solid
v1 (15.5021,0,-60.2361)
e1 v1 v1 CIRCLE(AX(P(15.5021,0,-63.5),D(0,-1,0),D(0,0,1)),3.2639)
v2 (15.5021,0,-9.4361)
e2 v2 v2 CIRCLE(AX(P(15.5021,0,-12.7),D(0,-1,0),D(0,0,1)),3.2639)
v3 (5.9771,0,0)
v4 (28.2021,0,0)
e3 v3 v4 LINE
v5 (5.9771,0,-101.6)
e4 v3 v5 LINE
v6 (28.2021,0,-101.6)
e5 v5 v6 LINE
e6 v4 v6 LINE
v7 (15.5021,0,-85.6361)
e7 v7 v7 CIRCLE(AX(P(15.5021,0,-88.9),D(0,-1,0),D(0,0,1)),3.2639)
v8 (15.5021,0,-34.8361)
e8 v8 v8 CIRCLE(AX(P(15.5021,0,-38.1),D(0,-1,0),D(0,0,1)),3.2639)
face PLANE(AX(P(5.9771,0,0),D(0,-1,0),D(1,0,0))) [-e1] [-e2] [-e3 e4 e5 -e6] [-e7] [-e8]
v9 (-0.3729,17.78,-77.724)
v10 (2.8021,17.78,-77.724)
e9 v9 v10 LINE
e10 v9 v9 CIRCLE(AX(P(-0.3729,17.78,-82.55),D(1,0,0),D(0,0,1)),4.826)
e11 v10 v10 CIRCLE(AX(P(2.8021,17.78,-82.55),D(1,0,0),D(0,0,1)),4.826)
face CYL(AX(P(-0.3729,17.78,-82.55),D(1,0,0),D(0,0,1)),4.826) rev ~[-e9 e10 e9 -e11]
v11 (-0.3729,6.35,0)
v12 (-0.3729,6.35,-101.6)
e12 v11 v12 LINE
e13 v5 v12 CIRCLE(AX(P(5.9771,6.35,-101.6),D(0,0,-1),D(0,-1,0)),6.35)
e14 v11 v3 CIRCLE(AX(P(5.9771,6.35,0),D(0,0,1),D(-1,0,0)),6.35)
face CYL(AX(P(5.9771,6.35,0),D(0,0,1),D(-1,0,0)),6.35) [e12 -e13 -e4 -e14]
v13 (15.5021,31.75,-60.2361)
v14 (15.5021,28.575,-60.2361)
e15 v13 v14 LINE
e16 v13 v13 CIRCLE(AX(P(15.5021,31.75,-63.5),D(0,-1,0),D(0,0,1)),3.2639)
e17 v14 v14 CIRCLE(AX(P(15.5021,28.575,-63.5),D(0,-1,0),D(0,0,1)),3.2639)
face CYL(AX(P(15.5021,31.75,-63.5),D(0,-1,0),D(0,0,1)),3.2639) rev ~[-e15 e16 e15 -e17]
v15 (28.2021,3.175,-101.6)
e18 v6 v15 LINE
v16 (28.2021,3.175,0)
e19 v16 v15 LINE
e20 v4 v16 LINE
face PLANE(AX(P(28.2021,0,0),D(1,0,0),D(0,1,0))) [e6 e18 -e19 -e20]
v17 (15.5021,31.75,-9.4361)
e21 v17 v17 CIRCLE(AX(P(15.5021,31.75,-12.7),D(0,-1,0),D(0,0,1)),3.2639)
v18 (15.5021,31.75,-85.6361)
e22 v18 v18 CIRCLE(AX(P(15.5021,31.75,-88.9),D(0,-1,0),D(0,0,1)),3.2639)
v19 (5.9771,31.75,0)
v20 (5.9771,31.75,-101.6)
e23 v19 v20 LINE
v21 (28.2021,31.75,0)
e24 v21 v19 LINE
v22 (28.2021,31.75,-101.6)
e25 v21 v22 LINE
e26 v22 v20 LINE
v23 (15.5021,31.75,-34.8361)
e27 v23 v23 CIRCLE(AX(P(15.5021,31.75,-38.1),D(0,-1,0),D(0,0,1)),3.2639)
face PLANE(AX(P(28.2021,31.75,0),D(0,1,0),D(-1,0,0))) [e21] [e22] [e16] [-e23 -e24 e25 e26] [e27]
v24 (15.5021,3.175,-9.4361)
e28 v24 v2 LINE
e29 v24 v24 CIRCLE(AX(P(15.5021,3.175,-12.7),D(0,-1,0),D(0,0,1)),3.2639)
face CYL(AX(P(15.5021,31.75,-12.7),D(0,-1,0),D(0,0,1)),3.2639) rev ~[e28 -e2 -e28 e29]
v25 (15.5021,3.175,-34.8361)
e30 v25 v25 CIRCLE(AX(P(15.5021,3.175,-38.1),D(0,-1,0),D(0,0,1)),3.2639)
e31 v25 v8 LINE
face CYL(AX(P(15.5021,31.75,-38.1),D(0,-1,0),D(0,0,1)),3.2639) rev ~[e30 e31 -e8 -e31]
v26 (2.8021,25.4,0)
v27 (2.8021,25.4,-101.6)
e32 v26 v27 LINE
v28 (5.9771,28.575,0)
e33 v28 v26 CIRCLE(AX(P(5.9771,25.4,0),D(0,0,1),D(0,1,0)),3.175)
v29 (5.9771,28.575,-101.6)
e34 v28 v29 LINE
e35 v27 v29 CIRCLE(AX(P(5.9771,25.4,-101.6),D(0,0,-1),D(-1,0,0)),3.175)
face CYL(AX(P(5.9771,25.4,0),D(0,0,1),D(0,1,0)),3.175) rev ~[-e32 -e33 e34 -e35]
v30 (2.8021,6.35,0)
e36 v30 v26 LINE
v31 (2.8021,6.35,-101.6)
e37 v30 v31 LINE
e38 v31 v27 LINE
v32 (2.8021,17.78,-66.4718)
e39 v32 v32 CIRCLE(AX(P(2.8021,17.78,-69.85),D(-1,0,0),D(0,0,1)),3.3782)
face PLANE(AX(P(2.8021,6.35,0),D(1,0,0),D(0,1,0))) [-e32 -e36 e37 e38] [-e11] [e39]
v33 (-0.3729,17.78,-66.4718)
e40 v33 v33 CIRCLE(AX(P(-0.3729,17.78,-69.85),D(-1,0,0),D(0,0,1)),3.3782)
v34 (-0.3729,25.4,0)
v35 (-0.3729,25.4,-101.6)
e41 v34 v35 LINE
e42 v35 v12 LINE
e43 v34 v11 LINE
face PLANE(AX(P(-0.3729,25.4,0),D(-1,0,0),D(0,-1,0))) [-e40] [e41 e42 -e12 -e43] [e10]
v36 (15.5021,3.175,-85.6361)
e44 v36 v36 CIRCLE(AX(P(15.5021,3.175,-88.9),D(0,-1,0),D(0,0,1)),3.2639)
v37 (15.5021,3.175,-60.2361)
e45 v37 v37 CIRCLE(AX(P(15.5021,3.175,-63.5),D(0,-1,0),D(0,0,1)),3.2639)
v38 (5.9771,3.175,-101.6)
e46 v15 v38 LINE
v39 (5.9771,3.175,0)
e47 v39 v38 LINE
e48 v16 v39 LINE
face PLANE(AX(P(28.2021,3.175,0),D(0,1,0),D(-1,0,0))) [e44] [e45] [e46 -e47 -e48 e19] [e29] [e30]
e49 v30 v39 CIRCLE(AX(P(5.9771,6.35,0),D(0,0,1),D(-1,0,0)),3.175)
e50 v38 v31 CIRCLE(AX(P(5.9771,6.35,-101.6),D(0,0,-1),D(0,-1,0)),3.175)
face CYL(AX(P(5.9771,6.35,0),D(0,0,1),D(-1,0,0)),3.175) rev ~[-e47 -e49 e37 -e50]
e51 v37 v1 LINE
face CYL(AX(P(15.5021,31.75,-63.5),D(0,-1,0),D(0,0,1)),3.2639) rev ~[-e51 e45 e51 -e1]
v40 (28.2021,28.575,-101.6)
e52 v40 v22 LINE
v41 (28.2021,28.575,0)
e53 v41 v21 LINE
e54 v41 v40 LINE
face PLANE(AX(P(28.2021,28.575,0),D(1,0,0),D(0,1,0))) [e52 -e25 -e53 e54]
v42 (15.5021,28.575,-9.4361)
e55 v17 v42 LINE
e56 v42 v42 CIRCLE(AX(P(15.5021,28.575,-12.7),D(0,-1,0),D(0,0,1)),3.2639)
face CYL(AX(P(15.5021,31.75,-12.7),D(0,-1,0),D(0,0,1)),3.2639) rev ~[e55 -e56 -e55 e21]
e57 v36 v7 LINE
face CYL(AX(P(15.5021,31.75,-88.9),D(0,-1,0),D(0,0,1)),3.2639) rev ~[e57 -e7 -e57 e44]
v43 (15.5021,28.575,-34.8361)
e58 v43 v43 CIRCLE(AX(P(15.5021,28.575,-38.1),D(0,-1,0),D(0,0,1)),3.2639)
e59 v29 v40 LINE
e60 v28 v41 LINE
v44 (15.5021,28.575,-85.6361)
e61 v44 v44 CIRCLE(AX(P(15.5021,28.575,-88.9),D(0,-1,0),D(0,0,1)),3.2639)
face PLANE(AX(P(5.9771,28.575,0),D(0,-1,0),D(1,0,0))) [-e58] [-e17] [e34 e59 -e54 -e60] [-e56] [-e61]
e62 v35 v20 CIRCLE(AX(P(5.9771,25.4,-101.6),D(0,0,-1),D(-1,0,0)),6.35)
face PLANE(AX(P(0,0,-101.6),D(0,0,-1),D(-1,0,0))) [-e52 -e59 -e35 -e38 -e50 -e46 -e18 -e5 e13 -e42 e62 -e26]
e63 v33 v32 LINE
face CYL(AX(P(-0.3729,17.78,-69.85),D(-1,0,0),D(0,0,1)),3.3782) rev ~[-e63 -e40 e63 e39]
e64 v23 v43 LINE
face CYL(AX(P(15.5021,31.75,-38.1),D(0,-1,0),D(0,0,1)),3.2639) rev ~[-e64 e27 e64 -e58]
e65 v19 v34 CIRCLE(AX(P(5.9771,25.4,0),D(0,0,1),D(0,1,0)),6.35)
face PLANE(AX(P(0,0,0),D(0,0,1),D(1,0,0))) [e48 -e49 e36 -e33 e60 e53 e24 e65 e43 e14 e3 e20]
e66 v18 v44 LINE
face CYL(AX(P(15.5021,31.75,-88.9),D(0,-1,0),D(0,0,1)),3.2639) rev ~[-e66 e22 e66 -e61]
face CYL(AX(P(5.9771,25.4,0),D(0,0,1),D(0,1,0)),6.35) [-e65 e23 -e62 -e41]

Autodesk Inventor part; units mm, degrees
ref_plane "YZ Plane" through (0, 0, 0) normal (1, 0, 0) x (0, 1, 0)
ref_plane "XZ Plane" through (0, 0, 0) normal (0, 1, 0) x (-1, 0, 0)
ref_plane "XY Plane" through (0, 0, 0) normal (0, 0, 1) x (1, 0, 0)
sketch "Sketch1" plane through (0, 0, 0) normal (0, 0, 1) x (1, 0, 0)
  line L0 (5.9771, 0) -> (28.2021, 0)
  line L1 (28.2021, 0) -> (28.2021, 3.175)
  line L2 (28.2021, 3.175) -> (5.9771, 3.175)
  line L3 (2.8021, 6.35) -> (2.8021, 25.4)
  line L4 (5.9771, 28.575) -> (28.2021, 28.575)
  line L5 (28.2021, 28.575) -> (28.2021, 31.75)
  line L6 (28.2021, 31.75) -> (5.9771, 31.75)
  line L7 (-0.3729, 25.4) -> (-0.3729, 6.35)
  arc A0 (5.9771, 28.575) -> (2.8021, 25.4) centre (5.9771, 25.4) ccw
  arc A1 (2.8021, 6.35) -> (5.9771, 3.175) centre (5.9771, 6.35) ccw
  arc A2 (5.9771, 31.75) -> (-0.3729, 25.4) centre (5.9771, 25.4) ccw
  arc A3 (-0.3729, 6.35) -> (5.9771, 0) centre (5.9771, 6.35) ccw
  point P0 (0, 0)
  point P1 (-0.3729, 0)
  point P2 (2.8021, 3.175)
  point P3 (2.8021, 28.575)
  dimension "d0" = 28.575
  dimension "d1" = 3.175
  dimension "d2" = 25.4
  dimension "d3" = 25.4
  dimension "d4" = 3.175
  dimension "d5" = 3.175
  dimension "d6" = 6.35
extrude "Extrusion1" add sketch "Sketch1" against normal blind 889
sketch "Sketch2" plane through (-0.3729, 6.35, 0) normal (-1, 0, 0) x (0, 0, 1)
  line L0 (0, 19.05) -> (-889, 19.05) projected
  line L1 (-228.6, 0) -> (-228.6, 7.9375)
  arc A0 (-228.6, 11.1125) -> (-228.6, 7.9375) centre (-228.6, 9.525) ccw
  line L2 (-228.6, 11.1125) -> (-228.6, 19.05)
  line L3 (-228.6, 19.05) -> (-889, 19.05)
  line L4 (-889, 0) -> (-889, 19.05)
  line L5 (-889, 0) -> (-228.6, 0)
  circle A1 centre (-552.45, 11.43) radius 4.826
  circle A2 centre (-501.65, 11.43) radius 4.826
  circle A3 centre (-387.35, 11.43) radius 4.826
  circle A4 centre (-336.55, 11.43) radius 4.826
  circle A5 centre (-444.5, 7.62) radius 4.826
  circle A6 centre (-730.25, 11.43) radius 4.826
  circle A7 centre (-781.05, 11.43) radius 4.826
  line L6 (0, 25.4) -> (-889, 25.4) construction
  circle A8 centre (-133.35, 11.43) radius 4.826
  circle A9 centre (-82.55, 11.43) radius 4.826
  point P0 (0, -6.35)
  point P1 (-254, 0.852)
  dimension "d10" = 7.62
  dimension "d11" = 3.81
  dimension "d14" = 254
hole "Hole1" at (-0.3729, 17.78, -781.05) at (-0.3729, 17.78, -730.25) at (-0.3729, 17.78, -552.45) at (-0.3729, 17.78, -501.65) at (-0.3729, 13.97, -444.5) at (-0.3729, 17.78, -387.35) at (-0.3729, 17.78, -336.55) at (-0.3729, 17.78, -133.35) at (-0.3729, 17.78, -82.55) direction (1, 0, 0) diameter 9.652 end through all
hole "Hole2" at (-0.3729, 15.875, -228.6) direction (1, 0, 0) diameter 3.175 end through all
sketch "Sketch3" plane through (5.9771, 31.75, 0) normal (0, 1, 0) x (1, 0, 0)
  line L0 (22.225, 889) -> (0, 889) projected
  line L1 (22.225, 0) -> (22.225, 889) projected
  point P0 (-5.9771, 0)
  point P1 (9.525, 876.3)
  dimension "d34" = 12.7
  dimension "d35" = 12.7
hole "Hole3" at (15.5021, 31.75, -876.3) direction (0, -1, 0) diameter 6.5278 end through all
pattern_linear "Rectangular Pattern1" count 35 spacing 25.4 along (0, 0, 1) of "Hole3"
sketch "Sketch4" plane through (0, 0, -889) normal (0, 0, -1) x (-1, 0, 0)
  line L0 (-28.2021, 0) -> (-28.2021, 3.175) projected
  line L1 (-5.9771, 0) -> (-28.2021, 0) projected
  arc A0 (-5.9771, 0) -> (0.3729, 6.35) centre (-5.9771, 6.35) ccw projected
  line L2 (0.3729, 25.4) -> (0.3729, 6.35) projected
  arc A1 (0.3729, 25.4) -> (-5.9771, 31.75) centre (-5.9771, 25.4) ccw projected
  line L3 (-28.2021, 31.75) -> (-5.9771, 31.75) projected
  line L4 (-28.2021, 28.575) -> (-28.2021, 31.75) projected
  line L5 (-5.9771, 28.575) -> (-28.2021, 28.575) projected
  arc A2 (-2.8021, 25.4) -> (-5.9771, 28.575) centre (-5.9771, 25.4) ccw projected
  line L6 (-2.8021, 6.35) -> (-2.8021, 25.4) projected
  arc A3 (-5.9771, 3.175) -> (-2.8021, 6.35) centre (-5.9771, 6.35) ccw projected
  line L7 (-28.2021, 3.175) -> (-5.9771, 3.175) projected
  point P0 (0, 0)
extrude "Extrusion2" cut sketch "Sketch4" against normal blind 787.4
sketch "Sketch5" plane through (-0.3729, 6.35, 0) normal (-1, 0, 0) x (0, 0, 1)
  line L0 (0, 19.05) -> (-101.6, 19.05) projected
  circle A0 centre (-82.55, 11.43) radius 4.826 projected
  circle A1 centre (-69.85, 11.43) radius 3.3782
  line L1 (-82.55, 11.43) -> (-69.85, 11.43) construction
  point P0 (0, -6.35)
  dimension "d48" = 6.7564
  dimension "d49" = 12.7
extrude "Extrusion3" cut sketch "Sketch5" against normal blind 25.4 contours A1
equation "\"d35\" = d34"
properties part number "C Channel Mechanical Stop"
